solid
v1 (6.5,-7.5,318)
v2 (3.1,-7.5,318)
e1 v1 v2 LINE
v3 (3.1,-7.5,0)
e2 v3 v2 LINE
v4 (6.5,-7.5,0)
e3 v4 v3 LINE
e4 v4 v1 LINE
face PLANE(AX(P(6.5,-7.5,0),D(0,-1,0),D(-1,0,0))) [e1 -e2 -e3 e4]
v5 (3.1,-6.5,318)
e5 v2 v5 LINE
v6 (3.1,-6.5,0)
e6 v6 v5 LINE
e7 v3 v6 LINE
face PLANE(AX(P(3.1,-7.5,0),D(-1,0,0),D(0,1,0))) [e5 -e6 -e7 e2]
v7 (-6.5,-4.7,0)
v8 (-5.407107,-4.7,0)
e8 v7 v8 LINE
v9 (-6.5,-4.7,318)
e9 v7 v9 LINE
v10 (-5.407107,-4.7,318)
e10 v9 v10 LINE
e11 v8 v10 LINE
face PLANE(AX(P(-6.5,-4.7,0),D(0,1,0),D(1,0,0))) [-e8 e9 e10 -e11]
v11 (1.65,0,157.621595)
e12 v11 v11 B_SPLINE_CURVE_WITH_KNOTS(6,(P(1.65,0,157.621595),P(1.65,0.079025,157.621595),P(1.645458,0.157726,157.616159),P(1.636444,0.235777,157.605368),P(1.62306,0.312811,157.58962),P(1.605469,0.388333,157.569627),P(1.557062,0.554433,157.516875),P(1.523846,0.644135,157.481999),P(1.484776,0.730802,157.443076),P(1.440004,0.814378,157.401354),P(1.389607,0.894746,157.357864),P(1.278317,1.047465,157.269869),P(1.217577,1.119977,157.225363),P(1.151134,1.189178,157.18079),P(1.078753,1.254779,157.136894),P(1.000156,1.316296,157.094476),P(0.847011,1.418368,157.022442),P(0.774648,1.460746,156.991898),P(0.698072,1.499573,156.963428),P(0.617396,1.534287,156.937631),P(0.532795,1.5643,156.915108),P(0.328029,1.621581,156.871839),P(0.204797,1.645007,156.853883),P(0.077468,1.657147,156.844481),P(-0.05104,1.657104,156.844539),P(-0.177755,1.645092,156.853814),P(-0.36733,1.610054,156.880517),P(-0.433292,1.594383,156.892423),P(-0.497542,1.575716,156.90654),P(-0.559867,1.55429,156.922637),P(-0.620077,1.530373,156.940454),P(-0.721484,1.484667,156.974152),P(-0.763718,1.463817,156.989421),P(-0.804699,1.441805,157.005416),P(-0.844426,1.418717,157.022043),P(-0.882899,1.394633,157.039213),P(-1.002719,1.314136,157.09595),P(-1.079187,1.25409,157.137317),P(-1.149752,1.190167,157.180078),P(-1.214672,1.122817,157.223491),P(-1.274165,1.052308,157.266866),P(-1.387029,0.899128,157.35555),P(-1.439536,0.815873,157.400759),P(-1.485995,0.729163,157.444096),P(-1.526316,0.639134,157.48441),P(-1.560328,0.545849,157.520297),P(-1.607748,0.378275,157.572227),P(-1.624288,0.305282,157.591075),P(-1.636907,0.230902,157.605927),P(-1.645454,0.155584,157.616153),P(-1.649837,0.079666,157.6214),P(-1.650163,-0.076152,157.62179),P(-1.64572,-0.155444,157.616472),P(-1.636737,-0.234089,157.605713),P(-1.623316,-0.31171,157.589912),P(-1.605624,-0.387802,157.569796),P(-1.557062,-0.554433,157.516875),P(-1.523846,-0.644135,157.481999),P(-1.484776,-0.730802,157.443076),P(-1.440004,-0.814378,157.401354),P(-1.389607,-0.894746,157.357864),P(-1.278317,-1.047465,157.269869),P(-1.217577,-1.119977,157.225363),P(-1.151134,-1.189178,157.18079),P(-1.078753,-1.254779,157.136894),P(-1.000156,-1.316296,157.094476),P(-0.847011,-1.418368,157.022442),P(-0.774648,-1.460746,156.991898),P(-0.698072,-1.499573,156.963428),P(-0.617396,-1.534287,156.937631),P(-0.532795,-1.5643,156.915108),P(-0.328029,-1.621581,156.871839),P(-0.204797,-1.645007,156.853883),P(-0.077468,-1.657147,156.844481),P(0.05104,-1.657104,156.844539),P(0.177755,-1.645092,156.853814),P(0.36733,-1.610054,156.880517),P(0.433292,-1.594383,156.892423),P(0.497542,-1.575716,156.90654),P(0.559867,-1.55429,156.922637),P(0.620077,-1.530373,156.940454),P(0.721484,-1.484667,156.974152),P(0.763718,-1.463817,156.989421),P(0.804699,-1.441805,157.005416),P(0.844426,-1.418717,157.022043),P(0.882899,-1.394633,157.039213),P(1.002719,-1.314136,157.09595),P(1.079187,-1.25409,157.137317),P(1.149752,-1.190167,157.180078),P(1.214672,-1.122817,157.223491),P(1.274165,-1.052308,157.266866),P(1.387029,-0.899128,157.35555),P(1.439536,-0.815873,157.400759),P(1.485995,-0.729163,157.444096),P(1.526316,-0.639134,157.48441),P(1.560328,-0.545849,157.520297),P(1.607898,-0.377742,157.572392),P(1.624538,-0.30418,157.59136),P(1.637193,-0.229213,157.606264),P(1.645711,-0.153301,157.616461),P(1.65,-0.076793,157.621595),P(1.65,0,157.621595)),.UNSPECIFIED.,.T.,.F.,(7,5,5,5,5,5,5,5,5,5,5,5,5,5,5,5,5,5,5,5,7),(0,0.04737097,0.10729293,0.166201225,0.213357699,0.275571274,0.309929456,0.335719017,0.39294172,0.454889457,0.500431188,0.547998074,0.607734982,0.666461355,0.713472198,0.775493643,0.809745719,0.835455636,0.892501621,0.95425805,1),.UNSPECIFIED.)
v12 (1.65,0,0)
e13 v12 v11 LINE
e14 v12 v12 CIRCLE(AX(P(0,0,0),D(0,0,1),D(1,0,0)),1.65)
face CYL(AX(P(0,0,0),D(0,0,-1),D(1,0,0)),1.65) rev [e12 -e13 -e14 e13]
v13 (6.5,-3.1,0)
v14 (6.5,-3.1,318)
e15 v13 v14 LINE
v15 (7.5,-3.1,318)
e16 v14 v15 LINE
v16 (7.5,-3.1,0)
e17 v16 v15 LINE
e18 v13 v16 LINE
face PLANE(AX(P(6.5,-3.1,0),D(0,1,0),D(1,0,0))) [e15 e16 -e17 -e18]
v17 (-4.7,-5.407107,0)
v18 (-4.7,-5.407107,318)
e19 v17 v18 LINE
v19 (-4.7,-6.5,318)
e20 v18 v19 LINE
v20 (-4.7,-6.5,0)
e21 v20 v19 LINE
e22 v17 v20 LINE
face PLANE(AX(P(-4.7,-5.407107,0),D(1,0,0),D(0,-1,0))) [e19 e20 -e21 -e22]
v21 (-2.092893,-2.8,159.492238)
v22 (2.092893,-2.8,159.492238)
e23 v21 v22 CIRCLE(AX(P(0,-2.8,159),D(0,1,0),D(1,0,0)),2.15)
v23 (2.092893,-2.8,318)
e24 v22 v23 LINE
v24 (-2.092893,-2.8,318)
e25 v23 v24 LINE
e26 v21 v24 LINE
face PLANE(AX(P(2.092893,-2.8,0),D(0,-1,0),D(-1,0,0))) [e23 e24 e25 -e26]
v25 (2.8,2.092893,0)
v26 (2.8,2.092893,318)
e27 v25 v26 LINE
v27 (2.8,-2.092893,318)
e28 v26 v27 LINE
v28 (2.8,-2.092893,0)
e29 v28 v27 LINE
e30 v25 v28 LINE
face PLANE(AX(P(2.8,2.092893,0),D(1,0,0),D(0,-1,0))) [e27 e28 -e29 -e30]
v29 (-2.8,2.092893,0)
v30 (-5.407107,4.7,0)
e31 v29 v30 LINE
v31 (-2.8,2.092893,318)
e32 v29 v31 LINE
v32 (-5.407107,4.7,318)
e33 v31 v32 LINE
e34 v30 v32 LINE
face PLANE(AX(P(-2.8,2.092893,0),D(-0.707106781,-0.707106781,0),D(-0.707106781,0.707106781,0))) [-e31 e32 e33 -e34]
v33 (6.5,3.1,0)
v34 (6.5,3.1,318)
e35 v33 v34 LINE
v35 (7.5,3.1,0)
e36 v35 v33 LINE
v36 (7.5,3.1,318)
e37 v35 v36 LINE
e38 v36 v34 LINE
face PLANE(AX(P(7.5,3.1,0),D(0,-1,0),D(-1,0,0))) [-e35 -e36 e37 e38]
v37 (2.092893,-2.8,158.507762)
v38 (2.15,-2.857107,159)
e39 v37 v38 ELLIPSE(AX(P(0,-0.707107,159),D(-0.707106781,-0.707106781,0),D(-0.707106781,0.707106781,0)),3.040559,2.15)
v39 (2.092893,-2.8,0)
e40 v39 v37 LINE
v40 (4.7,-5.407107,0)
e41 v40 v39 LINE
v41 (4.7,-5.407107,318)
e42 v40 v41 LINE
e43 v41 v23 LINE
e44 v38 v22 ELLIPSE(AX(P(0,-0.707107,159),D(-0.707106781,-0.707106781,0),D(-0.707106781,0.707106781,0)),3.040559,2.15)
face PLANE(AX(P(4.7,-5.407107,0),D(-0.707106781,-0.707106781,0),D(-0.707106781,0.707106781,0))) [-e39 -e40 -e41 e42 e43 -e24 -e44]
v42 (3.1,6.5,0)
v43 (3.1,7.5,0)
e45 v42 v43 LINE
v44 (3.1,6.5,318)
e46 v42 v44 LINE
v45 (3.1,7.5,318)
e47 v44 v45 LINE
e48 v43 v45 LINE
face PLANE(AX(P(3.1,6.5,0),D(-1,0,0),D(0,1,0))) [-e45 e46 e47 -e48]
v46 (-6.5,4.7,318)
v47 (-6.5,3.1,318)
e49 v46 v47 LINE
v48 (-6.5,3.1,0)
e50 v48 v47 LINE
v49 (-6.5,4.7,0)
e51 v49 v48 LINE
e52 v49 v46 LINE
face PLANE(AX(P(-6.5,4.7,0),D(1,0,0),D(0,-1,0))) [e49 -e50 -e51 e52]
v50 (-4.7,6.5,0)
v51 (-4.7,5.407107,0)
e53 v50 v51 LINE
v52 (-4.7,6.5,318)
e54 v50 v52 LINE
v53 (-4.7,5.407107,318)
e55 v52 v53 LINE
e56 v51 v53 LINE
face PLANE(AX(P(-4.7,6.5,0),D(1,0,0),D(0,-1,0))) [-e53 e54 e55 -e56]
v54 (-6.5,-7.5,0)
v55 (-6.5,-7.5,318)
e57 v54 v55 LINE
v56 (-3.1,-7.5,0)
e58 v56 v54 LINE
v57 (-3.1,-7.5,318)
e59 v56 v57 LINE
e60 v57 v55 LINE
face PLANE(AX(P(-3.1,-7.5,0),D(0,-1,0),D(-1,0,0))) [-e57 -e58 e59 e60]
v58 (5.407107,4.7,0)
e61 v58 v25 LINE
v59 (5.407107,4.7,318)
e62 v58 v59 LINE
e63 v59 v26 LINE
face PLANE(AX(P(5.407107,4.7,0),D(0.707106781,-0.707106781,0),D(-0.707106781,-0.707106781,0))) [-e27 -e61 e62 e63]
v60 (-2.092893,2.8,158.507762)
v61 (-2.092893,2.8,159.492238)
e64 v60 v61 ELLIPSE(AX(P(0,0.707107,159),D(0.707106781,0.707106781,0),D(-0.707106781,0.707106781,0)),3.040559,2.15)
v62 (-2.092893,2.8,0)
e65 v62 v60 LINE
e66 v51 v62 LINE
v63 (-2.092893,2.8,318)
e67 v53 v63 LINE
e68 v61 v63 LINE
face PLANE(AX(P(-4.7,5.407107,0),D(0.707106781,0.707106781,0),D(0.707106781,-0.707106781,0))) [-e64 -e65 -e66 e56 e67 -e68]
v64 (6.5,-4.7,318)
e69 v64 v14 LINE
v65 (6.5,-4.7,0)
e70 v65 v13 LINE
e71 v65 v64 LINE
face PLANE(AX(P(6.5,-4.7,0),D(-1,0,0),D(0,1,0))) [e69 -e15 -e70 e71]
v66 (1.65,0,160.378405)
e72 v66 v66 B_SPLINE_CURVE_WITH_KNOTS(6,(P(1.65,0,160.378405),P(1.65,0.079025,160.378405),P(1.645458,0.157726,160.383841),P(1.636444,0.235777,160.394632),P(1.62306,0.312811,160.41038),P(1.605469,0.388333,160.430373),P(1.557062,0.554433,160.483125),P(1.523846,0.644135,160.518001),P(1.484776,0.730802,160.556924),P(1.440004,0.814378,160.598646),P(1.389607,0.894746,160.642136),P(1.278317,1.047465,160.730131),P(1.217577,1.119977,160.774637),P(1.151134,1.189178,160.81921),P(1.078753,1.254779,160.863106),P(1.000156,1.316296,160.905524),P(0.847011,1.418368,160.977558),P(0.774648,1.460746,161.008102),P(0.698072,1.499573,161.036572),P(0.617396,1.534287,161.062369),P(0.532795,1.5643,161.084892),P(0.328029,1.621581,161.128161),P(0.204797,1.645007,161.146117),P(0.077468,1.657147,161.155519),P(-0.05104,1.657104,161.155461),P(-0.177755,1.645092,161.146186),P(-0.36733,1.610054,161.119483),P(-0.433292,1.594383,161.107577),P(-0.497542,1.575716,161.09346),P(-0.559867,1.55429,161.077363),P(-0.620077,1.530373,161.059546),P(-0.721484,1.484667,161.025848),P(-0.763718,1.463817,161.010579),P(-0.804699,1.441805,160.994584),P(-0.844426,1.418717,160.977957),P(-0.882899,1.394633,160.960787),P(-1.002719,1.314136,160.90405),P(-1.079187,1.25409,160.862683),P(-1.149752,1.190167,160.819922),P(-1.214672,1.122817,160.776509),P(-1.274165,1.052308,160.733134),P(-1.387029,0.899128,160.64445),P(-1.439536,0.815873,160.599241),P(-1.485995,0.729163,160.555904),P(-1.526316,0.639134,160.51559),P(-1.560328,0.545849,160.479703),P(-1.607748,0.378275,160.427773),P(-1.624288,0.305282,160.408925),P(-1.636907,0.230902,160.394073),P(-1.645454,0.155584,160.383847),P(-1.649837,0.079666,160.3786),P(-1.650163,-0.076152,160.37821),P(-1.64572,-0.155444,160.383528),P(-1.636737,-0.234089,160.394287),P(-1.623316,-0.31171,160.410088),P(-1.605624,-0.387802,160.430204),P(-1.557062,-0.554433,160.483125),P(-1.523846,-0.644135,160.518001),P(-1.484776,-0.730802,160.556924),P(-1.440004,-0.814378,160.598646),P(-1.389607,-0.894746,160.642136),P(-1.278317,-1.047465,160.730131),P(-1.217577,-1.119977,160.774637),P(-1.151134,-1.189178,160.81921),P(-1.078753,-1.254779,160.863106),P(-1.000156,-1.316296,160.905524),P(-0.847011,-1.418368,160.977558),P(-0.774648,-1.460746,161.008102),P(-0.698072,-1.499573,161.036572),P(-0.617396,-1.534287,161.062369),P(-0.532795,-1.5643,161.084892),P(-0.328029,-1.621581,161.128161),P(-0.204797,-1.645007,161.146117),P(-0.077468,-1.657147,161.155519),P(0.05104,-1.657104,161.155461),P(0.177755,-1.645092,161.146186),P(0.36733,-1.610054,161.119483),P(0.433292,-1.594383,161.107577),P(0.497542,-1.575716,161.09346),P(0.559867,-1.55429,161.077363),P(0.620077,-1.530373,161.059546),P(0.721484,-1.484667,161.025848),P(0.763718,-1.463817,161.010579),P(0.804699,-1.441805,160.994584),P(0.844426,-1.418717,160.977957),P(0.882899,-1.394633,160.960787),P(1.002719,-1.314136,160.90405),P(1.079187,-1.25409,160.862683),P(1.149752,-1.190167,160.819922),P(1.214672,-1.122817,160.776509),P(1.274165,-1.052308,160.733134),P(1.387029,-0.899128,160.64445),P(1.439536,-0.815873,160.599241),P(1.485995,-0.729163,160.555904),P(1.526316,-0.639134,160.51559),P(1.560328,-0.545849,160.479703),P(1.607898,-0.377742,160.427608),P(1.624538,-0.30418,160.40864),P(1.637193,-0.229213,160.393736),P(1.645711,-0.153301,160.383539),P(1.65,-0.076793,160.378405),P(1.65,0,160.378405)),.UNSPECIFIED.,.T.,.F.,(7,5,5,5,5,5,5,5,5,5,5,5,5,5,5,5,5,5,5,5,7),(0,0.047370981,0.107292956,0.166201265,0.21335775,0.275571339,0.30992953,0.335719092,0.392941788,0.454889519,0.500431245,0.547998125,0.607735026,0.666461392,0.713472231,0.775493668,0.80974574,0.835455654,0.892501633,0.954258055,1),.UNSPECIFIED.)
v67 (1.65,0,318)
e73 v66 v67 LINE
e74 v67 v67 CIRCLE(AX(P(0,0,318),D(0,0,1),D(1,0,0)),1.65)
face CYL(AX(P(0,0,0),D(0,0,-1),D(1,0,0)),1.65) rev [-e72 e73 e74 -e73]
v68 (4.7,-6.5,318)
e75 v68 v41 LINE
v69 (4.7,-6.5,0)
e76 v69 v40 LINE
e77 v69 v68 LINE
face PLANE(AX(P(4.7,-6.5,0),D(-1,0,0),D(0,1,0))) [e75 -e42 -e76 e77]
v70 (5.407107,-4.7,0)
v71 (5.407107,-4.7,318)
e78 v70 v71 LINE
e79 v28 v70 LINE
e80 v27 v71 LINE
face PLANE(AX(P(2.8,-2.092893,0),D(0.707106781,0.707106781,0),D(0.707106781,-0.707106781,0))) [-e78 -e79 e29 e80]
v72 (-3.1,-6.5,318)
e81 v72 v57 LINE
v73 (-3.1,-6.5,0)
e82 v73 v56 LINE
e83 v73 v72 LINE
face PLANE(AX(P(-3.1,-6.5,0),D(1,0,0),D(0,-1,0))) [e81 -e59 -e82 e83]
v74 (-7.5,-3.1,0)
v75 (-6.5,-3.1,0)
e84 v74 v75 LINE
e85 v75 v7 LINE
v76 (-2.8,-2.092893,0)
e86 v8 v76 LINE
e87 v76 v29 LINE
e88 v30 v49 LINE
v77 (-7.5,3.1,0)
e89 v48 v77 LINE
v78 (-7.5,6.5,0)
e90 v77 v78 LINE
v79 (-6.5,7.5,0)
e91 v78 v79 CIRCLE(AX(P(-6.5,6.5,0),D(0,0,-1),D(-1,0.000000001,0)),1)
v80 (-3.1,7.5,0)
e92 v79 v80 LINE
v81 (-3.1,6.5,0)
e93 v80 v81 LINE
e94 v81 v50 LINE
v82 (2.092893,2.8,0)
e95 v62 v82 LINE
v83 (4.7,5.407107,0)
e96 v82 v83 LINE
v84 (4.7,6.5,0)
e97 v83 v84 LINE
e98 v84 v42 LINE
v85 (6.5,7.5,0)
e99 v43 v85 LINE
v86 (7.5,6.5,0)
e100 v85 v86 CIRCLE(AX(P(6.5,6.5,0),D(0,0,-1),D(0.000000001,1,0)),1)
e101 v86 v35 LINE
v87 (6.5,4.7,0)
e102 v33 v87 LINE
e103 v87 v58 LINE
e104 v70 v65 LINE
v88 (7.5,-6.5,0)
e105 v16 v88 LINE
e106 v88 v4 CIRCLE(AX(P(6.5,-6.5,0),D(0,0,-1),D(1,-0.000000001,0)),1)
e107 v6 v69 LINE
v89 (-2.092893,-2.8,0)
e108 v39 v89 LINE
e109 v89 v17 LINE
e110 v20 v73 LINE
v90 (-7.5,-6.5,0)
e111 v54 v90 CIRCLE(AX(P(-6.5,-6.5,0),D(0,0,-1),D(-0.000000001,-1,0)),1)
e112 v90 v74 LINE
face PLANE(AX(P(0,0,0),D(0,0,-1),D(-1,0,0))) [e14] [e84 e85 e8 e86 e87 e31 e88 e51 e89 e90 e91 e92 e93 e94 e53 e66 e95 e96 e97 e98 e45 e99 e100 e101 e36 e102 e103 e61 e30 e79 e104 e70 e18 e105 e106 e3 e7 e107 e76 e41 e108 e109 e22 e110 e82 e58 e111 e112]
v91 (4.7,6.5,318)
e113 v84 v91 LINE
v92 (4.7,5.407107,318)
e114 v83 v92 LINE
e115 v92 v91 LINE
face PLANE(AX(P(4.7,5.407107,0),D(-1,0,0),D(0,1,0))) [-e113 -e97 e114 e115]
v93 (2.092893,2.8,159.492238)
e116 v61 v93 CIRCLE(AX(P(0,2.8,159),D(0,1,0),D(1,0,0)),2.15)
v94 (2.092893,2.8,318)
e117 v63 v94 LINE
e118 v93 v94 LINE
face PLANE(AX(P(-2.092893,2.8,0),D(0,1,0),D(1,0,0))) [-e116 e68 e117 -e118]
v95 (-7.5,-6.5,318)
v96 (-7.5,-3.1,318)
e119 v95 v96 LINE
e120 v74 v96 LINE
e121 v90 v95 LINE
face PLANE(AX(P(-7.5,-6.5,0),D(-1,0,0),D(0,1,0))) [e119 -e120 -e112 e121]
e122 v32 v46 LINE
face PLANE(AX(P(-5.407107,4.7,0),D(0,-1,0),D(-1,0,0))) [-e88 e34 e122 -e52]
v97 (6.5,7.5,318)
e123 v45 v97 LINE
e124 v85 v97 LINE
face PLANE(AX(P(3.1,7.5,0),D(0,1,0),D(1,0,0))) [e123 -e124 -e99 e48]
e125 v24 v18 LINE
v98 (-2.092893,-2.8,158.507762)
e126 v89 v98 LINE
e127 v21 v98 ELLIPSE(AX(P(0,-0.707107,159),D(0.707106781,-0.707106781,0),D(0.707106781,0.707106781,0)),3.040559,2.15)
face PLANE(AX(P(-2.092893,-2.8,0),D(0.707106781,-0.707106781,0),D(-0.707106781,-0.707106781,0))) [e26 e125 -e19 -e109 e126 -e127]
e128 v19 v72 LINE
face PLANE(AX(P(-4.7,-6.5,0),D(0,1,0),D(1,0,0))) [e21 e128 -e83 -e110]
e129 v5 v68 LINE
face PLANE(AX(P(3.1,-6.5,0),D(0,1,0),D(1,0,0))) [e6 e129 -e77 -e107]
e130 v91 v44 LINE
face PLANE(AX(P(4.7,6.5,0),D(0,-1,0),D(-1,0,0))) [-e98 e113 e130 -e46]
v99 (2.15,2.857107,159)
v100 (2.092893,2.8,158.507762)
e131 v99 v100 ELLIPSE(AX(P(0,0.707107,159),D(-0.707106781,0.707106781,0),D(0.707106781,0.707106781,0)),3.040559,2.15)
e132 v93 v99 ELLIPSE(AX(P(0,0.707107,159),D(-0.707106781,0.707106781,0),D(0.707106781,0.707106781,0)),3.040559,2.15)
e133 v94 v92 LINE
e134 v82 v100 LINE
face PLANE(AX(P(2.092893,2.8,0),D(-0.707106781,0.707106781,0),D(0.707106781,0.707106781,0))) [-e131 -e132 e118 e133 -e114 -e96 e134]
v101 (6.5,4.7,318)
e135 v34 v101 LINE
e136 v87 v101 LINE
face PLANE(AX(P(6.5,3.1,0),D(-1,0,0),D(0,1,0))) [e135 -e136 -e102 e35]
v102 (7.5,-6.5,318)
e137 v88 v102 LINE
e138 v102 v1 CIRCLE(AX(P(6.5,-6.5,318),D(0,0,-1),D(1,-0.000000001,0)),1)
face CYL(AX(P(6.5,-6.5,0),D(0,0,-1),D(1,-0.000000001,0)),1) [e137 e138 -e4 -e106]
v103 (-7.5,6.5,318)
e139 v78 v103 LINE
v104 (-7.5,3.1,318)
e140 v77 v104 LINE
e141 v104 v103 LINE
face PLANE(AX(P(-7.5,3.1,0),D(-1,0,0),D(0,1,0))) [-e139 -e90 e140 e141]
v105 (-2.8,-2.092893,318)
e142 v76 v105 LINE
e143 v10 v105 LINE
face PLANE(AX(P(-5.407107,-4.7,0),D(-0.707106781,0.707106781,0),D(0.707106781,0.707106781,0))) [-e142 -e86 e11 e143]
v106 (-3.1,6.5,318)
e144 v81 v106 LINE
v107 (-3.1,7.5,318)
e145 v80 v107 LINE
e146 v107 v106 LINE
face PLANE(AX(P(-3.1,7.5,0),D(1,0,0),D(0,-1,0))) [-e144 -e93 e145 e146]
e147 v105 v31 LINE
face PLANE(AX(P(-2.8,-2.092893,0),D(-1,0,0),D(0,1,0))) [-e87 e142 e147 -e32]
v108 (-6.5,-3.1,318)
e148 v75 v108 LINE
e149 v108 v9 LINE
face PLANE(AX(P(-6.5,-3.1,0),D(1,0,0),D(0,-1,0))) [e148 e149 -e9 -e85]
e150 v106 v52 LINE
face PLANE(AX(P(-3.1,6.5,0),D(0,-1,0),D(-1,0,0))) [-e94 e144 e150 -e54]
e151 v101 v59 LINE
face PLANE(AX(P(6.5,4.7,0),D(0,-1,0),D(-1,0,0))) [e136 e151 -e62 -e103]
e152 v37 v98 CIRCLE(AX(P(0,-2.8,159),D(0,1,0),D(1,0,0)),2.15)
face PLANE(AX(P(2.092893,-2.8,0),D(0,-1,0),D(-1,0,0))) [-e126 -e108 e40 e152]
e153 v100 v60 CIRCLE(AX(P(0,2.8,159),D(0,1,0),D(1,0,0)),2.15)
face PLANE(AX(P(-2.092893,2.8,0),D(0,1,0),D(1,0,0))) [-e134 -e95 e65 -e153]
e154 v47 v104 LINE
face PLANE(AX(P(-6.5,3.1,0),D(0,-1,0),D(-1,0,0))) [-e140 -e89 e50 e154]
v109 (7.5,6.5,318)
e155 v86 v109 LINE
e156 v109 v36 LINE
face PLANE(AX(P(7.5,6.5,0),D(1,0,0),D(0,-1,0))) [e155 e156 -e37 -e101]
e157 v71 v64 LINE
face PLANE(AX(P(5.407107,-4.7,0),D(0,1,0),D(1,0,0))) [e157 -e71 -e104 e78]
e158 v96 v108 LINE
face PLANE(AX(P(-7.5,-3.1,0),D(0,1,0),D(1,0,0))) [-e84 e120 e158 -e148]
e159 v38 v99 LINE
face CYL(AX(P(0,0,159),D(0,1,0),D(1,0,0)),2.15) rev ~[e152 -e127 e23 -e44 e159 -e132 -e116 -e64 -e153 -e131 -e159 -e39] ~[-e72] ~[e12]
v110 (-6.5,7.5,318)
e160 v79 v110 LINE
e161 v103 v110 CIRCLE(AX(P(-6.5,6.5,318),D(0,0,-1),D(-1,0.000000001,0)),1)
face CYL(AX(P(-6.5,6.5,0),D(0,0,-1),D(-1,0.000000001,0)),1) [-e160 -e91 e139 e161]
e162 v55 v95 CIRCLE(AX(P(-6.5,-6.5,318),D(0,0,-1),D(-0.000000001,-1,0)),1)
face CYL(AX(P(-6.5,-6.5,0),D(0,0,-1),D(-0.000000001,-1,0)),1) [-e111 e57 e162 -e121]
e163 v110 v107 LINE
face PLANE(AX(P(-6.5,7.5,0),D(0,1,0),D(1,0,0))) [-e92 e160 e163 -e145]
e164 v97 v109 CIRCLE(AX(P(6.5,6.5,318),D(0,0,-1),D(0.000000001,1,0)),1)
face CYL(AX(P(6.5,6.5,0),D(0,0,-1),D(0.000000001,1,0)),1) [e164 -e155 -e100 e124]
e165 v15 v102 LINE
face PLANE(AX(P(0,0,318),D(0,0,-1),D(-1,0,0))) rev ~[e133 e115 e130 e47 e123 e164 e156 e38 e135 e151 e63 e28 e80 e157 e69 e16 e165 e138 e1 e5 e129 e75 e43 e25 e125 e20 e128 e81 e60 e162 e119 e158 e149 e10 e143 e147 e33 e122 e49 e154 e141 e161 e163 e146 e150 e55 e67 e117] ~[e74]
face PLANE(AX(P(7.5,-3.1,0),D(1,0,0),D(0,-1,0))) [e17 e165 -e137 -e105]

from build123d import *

# Parameters (mm, degrees)
SKETCH_1_R          = 1.65
EXTRUDE_1_DEPTH     = 318
SKETCH_12_R         = 2.15
CUT_EXTRUDE_3_DEPTH = 25


with BuildPart() as part:
    # 草图1 → 凸台-拉伸1 (new body)
    with BuildSketch(Plane.XY):
        with BuildLine():
            Line((-2.092893219, 2.8), (2.092893219, 2.8))
            Line((2.092893219, 2.8), (4.7, 5.407106781))
            Line((4.7, 5.407106781), (4.7, 6.5))
            Line((4.7, 6.5), (3.1, 6.5))
            Line((3.1, 6.5), (3.1, 7.5))
            Line((3.1, 7.5), (6.5, 7.5))
            ThreePointArc((6.5, 7.5), (7.207106781, 7.207106781), (7.5, 6.5))
            Line((7.5, 6.5), (7.5, 3.1))
            Line((7.5, 3.1), (6.5, 3.1))
            Line((6.5, 3.1), (6.5, 4.7))
            Line((6.5, 4.7), (5.407106781, 4.7))
            Line((5.407106781, 4.7), (2.8, 2.092893219))
            Line((2.8, 2.092893219), (2.8, -2.092893219))
            Line((2.8, -2.092893219), (5.407106781, -4.7))
            Line((5.407106781, -4.7), (6.5, -4.7))
            Line((6.5, -4.7), (6.5, -3.1))
            Line((6.5, -3.1), (7.5, -3.1))
            Line((7.5, -3.1), (7.5, -6.5))
            ThreePointArc((7.5, -6.5), (7.207106781, -7.207106781), (6.5, -7.5))
            Line((6.5, -7.5), (3.1, -7.5))
            Line((3.1, -7.5), (3.1, -6.5))
            Line((3.1, -6.5), (4.7, -6.5))
            Line((4.7, -6.5), (4.7, -5.407106781))
            Line((4.7, -5.407106781), (2.092893219, -2.8))
            Line((2.092893219, -2.8), (-2.092893219, -2.8))
            Line((-2.092893219, -2.8), (-4.7, -5.407106781))
            Line((-4.7, -5.407106781), (-4.7, -6.5))
            Line((-4.7, -6.5), (-3.1, -6.5))
            Line((-3.1, -6.5), (-3.1, -7.5))
            Line((-3.1, -7.5), (-6.5, -7.5))
            ThreePointArc((-6.5, -7.5), (-7.207106781, -7.207106781), (-7.5, -6.5))
            Line((-7.5, -6.5), (-7.5, -3.1))
            Line((-7.5, -3.1), (-6.5, -3.1))
            Line((-6.5, -3.1), (-6.5, -4.7))
            Line((-6.5, -4.7), (-5.407106781, -4.7))
            Line((-5.407106781, -4.7), (-2.8, -2.092893219))
            Line((-2.8, -2.092893219), (-2.8, 2.092893219))
            Line((-2.8, 2.092893219), (-5.407106781, 4.7))
            Line((-5.407106781, 4.7), (-6.5, 4.7))
            Line((-6.5, 4.7), (-6.5, 3.1))
            Line((-6.5, 3.1), (-7.5, 3.1))
            Line((-7.5, 3.1), (-7.5, 6.5))
            ThreePointArc((-7.5, 6.5), (-7.207106781, 7.207106781), (-6.5, 7.5))
            Line((-6.5, 7.5), (-3.1, 7.5))
            Line((-3.1, 7.5), (-3.1, 6.5))
            Line((-3.1, 6.5), (-4.7, 6.5))
            Line((-4.7, 6.5), (-4.7, 5.407106781))
            Line((-4.7, 5.407106781), (-2.092893219, 2.8))
        make_face()
        Circle(SKETCH_1_R, mode=Mode.SUBTRACT)
    extrude(amount=EXTRUDE_1_DEPTH)

    # 草图12 → 切除-拉伸3 (cut, symmetric)
    with BuildSketch(Plane(origin=(0, 0, 0), x_dir=(1, 0, 0), z_dir=(0, 1, 0))):
        with Locations((0, -159)):
            Circle(SKETCH_12_R)
    extrude(amount=CUT_EXTRUDE_3_DEPTH, both=True, mode=Mode.SUBTRACT)


solid = part.part
